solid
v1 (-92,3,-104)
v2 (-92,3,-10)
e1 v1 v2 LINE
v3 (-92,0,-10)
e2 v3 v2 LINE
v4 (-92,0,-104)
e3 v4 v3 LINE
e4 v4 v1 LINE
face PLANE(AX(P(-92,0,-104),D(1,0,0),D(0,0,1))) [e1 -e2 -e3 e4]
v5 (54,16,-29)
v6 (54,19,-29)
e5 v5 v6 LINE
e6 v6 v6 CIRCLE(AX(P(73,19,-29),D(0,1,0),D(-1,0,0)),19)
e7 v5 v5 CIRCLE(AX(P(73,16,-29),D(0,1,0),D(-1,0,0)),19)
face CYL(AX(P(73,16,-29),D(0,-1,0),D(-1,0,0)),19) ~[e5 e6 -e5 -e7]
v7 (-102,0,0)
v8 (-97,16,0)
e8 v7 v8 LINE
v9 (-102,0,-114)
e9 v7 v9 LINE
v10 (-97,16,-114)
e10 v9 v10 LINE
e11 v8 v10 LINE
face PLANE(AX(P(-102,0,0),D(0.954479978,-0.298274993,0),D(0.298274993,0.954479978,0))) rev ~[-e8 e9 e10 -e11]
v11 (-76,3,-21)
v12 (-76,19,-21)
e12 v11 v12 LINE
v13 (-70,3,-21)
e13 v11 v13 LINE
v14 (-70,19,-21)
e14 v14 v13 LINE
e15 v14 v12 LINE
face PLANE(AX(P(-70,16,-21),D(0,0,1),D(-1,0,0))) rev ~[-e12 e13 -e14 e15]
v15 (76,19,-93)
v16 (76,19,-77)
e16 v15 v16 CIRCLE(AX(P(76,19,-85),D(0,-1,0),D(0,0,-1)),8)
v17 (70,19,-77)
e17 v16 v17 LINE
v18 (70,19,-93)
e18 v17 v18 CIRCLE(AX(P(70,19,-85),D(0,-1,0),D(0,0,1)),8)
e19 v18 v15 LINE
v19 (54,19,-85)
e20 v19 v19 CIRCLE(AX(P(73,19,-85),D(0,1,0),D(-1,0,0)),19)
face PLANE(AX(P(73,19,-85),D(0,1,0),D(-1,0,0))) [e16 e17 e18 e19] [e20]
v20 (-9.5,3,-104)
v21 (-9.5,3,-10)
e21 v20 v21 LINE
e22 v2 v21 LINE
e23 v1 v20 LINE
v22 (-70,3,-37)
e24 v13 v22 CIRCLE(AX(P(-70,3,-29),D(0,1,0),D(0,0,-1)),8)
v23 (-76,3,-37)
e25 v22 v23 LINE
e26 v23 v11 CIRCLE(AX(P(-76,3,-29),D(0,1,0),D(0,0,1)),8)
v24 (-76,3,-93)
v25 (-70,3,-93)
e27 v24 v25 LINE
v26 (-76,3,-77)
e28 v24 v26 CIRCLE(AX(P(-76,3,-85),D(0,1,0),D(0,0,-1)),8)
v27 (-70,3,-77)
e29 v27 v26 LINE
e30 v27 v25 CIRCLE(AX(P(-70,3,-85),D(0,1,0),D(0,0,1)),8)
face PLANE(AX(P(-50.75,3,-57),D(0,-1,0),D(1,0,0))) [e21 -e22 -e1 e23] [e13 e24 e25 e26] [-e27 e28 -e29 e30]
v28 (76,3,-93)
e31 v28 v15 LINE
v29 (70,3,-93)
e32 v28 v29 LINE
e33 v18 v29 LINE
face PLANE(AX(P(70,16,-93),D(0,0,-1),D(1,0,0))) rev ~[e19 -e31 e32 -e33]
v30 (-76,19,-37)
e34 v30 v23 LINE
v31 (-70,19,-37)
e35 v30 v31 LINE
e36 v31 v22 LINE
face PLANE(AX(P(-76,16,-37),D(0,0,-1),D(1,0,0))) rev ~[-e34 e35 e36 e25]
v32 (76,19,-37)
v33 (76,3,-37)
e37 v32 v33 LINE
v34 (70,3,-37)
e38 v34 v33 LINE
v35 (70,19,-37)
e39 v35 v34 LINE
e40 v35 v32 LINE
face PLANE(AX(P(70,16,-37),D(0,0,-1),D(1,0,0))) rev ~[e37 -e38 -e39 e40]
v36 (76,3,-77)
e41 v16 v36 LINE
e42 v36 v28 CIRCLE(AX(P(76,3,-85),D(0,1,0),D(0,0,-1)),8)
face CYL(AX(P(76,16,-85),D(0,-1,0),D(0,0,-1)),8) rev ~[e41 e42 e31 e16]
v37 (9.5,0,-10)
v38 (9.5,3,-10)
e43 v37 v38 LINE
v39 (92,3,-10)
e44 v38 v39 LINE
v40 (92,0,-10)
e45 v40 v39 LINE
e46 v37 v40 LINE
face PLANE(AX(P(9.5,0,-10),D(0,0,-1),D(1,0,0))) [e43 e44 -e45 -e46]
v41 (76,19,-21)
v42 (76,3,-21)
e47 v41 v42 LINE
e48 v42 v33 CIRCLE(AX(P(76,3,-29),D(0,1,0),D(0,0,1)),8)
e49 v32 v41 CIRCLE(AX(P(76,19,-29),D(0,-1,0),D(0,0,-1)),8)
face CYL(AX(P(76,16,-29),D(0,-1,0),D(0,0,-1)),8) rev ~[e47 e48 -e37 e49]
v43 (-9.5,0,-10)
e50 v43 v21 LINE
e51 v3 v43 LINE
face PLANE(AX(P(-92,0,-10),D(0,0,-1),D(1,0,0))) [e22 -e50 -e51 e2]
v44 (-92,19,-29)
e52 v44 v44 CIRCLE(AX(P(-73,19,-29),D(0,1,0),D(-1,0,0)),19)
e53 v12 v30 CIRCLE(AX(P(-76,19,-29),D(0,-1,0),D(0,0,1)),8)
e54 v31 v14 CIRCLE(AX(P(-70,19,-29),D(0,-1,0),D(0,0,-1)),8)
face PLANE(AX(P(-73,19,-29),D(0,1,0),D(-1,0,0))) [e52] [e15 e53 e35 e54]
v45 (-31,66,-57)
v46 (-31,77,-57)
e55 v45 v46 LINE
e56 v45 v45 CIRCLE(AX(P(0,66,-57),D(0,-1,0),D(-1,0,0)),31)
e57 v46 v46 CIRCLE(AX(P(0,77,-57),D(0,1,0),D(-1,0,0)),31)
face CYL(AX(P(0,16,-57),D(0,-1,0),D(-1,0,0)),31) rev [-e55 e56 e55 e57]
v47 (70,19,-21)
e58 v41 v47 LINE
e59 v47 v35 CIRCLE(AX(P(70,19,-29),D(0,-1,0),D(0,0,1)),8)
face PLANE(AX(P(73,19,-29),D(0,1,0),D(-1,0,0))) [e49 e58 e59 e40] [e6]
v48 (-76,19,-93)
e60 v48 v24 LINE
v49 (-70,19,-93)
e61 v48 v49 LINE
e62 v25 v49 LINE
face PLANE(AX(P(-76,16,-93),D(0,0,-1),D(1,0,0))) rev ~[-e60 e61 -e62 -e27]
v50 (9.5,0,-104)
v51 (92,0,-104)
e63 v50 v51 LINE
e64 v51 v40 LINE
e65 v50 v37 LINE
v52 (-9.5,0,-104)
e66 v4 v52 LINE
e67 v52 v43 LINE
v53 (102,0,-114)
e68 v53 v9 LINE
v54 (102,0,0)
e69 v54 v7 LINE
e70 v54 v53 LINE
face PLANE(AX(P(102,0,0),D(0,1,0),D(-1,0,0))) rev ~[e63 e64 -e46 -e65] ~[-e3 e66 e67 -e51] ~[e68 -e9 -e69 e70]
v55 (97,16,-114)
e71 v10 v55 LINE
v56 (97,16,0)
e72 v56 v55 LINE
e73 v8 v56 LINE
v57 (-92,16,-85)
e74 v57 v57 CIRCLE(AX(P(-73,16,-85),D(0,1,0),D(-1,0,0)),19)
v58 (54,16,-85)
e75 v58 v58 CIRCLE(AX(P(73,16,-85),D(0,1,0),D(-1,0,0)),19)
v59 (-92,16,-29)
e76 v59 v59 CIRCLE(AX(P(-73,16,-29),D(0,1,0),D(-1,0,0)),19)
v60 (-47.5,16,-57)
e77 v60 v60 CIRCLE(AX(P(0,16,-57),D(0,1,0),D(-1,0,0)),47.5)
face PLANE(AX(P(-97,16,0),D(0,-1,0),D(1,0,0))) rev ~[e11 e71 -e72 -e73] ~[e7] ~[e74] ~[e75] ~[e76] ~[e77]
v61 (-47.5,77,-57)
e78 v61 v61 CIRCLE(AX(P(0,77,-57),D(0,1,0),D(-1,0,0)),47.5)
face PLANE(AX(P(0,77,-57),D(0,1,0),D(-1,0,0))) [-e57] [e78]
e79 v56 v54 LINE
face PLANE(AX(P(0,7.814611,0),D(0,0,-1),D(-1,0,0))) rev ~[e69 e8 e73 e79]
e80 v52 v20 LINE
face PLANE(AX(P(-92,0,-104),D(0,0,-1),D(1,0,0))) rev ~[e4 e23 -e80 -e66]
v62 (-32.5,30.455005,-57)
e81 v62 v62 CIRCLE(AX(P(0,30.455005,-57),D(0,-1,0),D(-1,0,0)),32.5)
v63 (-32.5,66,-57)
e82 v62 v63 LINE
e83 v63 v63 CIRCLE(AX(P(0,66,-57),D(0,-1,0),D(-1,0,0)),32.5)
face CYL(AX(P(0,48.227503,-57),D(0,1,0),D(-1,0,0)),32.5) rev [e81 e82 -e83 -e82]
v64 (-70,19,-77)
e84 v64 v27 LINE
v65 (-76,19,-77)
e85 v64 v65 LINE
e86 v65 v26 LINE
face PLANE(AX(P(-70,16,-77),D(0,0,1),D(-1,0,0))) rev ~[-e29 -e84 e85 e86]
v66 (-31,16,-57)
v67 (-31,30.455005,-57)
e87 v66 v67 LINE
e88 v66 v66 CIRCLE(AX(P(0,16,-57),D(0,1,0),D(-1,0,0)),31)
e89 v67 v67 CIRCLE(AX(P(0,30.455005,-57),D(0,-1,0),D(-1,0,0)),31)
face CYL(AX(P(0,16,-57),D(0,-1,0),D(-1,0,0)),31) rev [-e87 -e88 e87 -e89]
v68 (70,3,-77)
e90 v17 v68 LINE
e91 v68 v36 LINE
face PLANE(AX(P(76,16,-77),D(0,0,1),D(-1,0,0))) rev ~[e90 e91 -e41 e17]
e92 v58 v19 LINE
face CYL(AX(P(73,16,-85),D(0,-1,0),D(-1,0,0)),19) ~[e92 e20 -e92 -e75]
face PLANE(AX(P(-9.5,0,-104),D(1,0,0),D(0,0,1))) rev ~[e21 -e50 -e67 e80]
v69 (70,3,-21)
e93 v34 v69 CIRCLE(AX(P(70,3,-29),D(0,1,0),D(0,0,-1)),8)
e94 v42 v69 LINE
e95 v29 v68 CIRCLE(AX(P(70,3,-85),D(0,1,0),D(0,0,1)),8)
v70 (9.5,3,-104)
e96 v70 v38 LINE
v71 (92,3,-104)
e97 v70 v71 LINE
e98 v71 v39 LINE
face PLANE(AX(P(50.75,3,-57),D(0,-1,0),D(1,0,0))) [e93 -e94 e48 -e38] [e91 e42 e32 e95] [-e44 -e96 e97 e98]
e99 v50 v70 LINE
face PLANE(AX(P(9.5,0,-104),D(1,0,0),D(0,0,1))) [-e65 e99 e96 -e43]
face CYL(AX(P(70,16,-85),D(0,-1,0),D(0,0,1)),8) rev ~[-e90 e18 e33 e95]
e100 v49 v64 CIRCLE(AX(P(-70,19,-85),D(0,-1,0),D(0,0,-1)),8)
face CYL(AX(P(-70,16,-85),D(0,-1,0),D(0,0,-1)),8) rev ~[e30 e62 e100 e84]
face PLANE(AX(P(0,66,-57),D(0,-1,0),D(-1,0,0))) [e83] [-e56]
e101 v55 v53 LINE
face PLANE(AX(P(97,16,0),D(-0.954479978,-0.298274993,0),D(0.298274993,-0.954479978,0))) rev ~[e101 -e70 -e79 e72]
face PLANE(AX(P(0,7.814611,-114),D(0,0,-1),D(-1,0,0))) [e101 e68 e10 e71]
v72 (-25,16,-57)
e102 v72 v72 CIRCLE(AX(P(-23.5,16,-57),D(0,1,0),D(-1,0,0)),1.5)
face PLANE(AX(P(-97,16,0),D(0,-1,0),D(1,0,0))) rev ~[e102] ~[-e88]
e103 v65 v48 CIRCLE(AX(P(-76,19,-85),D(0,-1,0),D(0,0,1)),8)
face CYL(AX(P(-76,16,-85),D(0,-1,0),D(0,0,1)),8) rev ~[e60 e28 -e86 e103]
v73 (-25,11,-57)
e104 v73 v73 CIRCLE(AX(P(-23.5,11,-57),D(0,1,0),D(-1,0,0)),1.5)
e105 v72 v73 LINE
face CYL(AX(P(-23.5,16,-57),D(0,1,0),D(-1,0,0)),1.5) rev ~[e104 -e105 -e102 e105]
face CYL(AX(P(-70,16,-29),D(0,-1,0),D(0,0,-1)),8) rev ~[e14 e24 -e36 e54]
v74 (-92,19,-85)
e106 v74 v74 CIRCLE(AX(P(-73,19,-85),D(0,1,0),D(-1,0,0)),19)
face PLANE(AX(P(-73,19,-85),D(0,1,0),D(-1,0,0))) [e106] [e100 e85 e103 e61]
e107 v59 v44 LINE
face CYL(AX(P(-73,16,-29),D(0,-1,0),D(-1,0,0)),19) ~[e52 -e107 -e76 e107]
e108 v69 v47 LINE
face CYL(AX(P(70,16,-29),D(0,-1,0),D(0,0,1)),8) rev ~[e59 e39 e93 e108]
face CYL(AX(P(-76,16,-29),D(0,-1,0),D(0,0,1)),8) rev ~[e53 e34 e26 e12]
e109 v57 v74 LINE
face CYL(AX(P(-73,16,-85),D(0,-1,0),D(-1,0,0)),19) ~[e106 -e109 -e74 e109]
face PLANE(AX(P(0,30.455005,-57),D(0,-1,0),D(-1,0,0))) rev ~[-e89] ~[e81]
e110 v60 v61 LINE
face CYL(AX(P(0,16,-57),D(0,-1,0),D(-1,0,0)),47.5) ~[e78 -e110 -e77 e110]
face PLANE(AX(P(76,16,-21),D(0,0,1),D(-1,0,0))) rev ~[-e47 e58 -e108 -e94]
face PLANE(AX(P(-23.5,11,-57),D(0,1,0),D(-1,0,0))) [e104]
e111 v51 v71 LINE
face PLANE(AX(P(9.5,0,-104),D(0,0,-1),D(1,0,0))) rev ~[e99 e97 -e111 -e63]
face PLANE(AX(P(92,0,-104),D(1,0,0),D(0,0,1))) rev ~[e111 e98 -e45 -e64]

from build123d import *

# Parameters (mm, degrees)
BOSS_EXTRUDE1_DEPTH = 114
SKETCH3_W           = 82.5
SKETCH3_H           = 94
CUT_EXTRUDE1_DEPTH  = 3
CUT_EXTRUDE2_DEPTH  = 17
SKETCH5_R           = 19
BOSS_EXTRUDE2_DEPTH = 3
SKETCH6_R           = 47.5
SKETCH6_R_2         = 31
BOSS_EXTRUDE4_DEPTH = 61
SKETCH8_W           = 3
SKETCH8_H           = 35.544994967
SKETCH9_R           = 1.5
CUT_EXTRUDE3_DEPTH  = 5


with BuildPart() as part:
    # Sketch2 → Boss-Extrude1 (new body)
    with BuildSketch(Plane.XY):
        Polygon((-102, 0), (-97, 16), (97, 16), (102, 0), align=None)
    extrude(amount=-BOSS_EXTRUDE1_DEPTH)

    # Sketch3 → Cut-Extrude1 (cut)
    with BuildSketch(Plane.XZ):
        with Locations((-50.75, -57)):
            Rectangle(SKETCH3_W, SKETCH3_H)
        with Locations((50.75, -57)):
            Rectangle(SKETCH3_W, SKETCH3_H)
    extrude(amount=-CUT_EXTRUDE1_DEPTH, mode=Mode.SUBTRACT)

    # Sketch4 → Cut-Extrude2 (cut, through all)
    with BuildSketch(Plane(origin=(0, 16, 0), x_dir=(1, 0, 0), z_dir=(0, 1, 0))):
        with BuildLine():
            Line((-76, 77), (-70, 77))
            ThreePointArc((-70, 77), (-62, 85), (-70, 93))
            Line((-70, 93), (-76, 93))
            ThreePointArc((-76, 93), (-84, 85), (-76, 77))
        make_face()
        with BuildLine():
            ThreePointArc((70, 77), (62, 85), (70, 93))
            Line((70, 93), (76, 93))
            ThreePointArc((76, 93), (84, 85), (76, 77))
            Line((76, 77), (70, 77))
        make_face()
        with BuildLine():
            ThreePointArc((-70, 37), (-62, 29), (-70, 21))
            Line((-70, 21), (-76, 21))
            ThreePointArc((-76, 21), (-84, 29), (-76, 37))
            Line((-76, 37), (-70, 37))
        make_face()
        with BuildLine():
            Line((76, 37), (70, 37))
            ThreePointArc((70, 37), (62, 29), (70, 21))
            Line((70, 21), (76, 21))
            ThreePointArc((76, 21), (84, 29), (76, 37))
        make_face()
    extrude(amount=-CUT_EXTRUDE2_DEPTH, mode=Mode.SUBTRACT)

    # Sketch5 → Boss-Extrude2 (add)
    with BuildSketch(Plane(origin=(0, 16, 0), x_dir=(1, 0, 0), z_dir=(0, 1, 0))):
        with Locations(Location((-73, 85, 0), (0, 0, 180))):  # turned: the seam where the file's is
            Circle(SKETCH5_R)
        with BuildLine():
            ThreePointArc((-70, 93), (-62, 85), (-70, 77))
            Line((-70, 77), (-76, 77))
            ThreePointArc((-76, 77), (-84, 85), (-76, 93))
            Line((-76, 93), (-70, 93))
        make_face(mode=Mode.SUBTRACT)
        with Locations(Location((73, 85, 0), (0, 0, 180))):  # turned: the seam where the file's is
            Circle(SKETCH5_R)
        with BuildLine():
            ThreePointArc((76, 93), (84, 85), (76, 77))
            Line((76, 77), (70, 77))
            ThreePointArc((70, 77), (62, 85), (70, 93))
            Line((70, 93), (76, 93))
        make_face(mode=Mode.SUBTRACT)
        with Locations(Location((73, 29, 0), (0, 0, 180))):  # turned: the seam where the file's is
            Circle(SKETCH5_R)
        with BuildLine():
            ThreePointArc((70, 21), (62, 29), (70, 37))
            Line((70, 37), (76, 37))
            ThreePointArc((76, 37), (84, 29), (76, 21))
            Line((76, 21), (70, 21))
        make_face(mode=Mode.SUBTRACT)
        with Locations(Location((-73, 29, 0), (0, 0, 180))):  # turned: the seam where the file's is
            Circle(SKETCH5_R)
        with BuildLine():
            ThreePointArc((-76, 21), (-84, 29), (-76, 37))
            Line((-76, 37), (-70, 37))
            ThreePointArc((-70, 37), (-62, 29), (-70, 21))
            Line((-70, 21), (-76, 21))
        make_face(mode=Mode.SUBTRACT)
    extrude(amount=BOSS_EXTRUDE2_DEPTH)

    # Sketch6 → Boss-Extrude4 (add)
    with BuildSketch(Plane(origin=(0, 16, 0), x_dir=(1, 0, 0), z_dir=(0, 1, 0))):
        with Locations(Location((0, 57, 0), (0, 0, 180))):  # turned: the seam where the file's is
            Circle(SKETCH6_R)
        with Locations(Location((0, 57, 0), (0, 0, 180))):  # turned: the seam where the file's is
            Circle(SKETCH6_R_2, mode=Mode.SUBTRACT)
    extrude(amount=BOSS_EXTRUDE4_DEPTH)

    # Sketch8 → Cut-Revolve1 (revolve, cut)
    with BuildSketch(Plane.XY.offset(-57)):
        with Locations((-31, 48.227502517)):
            Rectangle(SKETCH8_W, SKETCH8_H)
    revolve(axis=Axis((0, 107.106199385, -57), (0, -1, 0)), mode=Mode.SUBTRACT)

    # Sketch9 → Cut-Extrude3 (cut)
    with BuildSketch(Plane(origin=(0, 16, 0), x_dir=(1, 0, 0), z_dir=(0, 1, 0))):
        with Locations(Location((-23.5, 57, 0), (0, 0, 180))):  # turned: the seam where the file's is
            Circle(SKETCH9_R)
    extrude(amount=-CUT_EXTRUDE3_DEPTH, mode=Mode.SUBTRACT)


solid = part.part
